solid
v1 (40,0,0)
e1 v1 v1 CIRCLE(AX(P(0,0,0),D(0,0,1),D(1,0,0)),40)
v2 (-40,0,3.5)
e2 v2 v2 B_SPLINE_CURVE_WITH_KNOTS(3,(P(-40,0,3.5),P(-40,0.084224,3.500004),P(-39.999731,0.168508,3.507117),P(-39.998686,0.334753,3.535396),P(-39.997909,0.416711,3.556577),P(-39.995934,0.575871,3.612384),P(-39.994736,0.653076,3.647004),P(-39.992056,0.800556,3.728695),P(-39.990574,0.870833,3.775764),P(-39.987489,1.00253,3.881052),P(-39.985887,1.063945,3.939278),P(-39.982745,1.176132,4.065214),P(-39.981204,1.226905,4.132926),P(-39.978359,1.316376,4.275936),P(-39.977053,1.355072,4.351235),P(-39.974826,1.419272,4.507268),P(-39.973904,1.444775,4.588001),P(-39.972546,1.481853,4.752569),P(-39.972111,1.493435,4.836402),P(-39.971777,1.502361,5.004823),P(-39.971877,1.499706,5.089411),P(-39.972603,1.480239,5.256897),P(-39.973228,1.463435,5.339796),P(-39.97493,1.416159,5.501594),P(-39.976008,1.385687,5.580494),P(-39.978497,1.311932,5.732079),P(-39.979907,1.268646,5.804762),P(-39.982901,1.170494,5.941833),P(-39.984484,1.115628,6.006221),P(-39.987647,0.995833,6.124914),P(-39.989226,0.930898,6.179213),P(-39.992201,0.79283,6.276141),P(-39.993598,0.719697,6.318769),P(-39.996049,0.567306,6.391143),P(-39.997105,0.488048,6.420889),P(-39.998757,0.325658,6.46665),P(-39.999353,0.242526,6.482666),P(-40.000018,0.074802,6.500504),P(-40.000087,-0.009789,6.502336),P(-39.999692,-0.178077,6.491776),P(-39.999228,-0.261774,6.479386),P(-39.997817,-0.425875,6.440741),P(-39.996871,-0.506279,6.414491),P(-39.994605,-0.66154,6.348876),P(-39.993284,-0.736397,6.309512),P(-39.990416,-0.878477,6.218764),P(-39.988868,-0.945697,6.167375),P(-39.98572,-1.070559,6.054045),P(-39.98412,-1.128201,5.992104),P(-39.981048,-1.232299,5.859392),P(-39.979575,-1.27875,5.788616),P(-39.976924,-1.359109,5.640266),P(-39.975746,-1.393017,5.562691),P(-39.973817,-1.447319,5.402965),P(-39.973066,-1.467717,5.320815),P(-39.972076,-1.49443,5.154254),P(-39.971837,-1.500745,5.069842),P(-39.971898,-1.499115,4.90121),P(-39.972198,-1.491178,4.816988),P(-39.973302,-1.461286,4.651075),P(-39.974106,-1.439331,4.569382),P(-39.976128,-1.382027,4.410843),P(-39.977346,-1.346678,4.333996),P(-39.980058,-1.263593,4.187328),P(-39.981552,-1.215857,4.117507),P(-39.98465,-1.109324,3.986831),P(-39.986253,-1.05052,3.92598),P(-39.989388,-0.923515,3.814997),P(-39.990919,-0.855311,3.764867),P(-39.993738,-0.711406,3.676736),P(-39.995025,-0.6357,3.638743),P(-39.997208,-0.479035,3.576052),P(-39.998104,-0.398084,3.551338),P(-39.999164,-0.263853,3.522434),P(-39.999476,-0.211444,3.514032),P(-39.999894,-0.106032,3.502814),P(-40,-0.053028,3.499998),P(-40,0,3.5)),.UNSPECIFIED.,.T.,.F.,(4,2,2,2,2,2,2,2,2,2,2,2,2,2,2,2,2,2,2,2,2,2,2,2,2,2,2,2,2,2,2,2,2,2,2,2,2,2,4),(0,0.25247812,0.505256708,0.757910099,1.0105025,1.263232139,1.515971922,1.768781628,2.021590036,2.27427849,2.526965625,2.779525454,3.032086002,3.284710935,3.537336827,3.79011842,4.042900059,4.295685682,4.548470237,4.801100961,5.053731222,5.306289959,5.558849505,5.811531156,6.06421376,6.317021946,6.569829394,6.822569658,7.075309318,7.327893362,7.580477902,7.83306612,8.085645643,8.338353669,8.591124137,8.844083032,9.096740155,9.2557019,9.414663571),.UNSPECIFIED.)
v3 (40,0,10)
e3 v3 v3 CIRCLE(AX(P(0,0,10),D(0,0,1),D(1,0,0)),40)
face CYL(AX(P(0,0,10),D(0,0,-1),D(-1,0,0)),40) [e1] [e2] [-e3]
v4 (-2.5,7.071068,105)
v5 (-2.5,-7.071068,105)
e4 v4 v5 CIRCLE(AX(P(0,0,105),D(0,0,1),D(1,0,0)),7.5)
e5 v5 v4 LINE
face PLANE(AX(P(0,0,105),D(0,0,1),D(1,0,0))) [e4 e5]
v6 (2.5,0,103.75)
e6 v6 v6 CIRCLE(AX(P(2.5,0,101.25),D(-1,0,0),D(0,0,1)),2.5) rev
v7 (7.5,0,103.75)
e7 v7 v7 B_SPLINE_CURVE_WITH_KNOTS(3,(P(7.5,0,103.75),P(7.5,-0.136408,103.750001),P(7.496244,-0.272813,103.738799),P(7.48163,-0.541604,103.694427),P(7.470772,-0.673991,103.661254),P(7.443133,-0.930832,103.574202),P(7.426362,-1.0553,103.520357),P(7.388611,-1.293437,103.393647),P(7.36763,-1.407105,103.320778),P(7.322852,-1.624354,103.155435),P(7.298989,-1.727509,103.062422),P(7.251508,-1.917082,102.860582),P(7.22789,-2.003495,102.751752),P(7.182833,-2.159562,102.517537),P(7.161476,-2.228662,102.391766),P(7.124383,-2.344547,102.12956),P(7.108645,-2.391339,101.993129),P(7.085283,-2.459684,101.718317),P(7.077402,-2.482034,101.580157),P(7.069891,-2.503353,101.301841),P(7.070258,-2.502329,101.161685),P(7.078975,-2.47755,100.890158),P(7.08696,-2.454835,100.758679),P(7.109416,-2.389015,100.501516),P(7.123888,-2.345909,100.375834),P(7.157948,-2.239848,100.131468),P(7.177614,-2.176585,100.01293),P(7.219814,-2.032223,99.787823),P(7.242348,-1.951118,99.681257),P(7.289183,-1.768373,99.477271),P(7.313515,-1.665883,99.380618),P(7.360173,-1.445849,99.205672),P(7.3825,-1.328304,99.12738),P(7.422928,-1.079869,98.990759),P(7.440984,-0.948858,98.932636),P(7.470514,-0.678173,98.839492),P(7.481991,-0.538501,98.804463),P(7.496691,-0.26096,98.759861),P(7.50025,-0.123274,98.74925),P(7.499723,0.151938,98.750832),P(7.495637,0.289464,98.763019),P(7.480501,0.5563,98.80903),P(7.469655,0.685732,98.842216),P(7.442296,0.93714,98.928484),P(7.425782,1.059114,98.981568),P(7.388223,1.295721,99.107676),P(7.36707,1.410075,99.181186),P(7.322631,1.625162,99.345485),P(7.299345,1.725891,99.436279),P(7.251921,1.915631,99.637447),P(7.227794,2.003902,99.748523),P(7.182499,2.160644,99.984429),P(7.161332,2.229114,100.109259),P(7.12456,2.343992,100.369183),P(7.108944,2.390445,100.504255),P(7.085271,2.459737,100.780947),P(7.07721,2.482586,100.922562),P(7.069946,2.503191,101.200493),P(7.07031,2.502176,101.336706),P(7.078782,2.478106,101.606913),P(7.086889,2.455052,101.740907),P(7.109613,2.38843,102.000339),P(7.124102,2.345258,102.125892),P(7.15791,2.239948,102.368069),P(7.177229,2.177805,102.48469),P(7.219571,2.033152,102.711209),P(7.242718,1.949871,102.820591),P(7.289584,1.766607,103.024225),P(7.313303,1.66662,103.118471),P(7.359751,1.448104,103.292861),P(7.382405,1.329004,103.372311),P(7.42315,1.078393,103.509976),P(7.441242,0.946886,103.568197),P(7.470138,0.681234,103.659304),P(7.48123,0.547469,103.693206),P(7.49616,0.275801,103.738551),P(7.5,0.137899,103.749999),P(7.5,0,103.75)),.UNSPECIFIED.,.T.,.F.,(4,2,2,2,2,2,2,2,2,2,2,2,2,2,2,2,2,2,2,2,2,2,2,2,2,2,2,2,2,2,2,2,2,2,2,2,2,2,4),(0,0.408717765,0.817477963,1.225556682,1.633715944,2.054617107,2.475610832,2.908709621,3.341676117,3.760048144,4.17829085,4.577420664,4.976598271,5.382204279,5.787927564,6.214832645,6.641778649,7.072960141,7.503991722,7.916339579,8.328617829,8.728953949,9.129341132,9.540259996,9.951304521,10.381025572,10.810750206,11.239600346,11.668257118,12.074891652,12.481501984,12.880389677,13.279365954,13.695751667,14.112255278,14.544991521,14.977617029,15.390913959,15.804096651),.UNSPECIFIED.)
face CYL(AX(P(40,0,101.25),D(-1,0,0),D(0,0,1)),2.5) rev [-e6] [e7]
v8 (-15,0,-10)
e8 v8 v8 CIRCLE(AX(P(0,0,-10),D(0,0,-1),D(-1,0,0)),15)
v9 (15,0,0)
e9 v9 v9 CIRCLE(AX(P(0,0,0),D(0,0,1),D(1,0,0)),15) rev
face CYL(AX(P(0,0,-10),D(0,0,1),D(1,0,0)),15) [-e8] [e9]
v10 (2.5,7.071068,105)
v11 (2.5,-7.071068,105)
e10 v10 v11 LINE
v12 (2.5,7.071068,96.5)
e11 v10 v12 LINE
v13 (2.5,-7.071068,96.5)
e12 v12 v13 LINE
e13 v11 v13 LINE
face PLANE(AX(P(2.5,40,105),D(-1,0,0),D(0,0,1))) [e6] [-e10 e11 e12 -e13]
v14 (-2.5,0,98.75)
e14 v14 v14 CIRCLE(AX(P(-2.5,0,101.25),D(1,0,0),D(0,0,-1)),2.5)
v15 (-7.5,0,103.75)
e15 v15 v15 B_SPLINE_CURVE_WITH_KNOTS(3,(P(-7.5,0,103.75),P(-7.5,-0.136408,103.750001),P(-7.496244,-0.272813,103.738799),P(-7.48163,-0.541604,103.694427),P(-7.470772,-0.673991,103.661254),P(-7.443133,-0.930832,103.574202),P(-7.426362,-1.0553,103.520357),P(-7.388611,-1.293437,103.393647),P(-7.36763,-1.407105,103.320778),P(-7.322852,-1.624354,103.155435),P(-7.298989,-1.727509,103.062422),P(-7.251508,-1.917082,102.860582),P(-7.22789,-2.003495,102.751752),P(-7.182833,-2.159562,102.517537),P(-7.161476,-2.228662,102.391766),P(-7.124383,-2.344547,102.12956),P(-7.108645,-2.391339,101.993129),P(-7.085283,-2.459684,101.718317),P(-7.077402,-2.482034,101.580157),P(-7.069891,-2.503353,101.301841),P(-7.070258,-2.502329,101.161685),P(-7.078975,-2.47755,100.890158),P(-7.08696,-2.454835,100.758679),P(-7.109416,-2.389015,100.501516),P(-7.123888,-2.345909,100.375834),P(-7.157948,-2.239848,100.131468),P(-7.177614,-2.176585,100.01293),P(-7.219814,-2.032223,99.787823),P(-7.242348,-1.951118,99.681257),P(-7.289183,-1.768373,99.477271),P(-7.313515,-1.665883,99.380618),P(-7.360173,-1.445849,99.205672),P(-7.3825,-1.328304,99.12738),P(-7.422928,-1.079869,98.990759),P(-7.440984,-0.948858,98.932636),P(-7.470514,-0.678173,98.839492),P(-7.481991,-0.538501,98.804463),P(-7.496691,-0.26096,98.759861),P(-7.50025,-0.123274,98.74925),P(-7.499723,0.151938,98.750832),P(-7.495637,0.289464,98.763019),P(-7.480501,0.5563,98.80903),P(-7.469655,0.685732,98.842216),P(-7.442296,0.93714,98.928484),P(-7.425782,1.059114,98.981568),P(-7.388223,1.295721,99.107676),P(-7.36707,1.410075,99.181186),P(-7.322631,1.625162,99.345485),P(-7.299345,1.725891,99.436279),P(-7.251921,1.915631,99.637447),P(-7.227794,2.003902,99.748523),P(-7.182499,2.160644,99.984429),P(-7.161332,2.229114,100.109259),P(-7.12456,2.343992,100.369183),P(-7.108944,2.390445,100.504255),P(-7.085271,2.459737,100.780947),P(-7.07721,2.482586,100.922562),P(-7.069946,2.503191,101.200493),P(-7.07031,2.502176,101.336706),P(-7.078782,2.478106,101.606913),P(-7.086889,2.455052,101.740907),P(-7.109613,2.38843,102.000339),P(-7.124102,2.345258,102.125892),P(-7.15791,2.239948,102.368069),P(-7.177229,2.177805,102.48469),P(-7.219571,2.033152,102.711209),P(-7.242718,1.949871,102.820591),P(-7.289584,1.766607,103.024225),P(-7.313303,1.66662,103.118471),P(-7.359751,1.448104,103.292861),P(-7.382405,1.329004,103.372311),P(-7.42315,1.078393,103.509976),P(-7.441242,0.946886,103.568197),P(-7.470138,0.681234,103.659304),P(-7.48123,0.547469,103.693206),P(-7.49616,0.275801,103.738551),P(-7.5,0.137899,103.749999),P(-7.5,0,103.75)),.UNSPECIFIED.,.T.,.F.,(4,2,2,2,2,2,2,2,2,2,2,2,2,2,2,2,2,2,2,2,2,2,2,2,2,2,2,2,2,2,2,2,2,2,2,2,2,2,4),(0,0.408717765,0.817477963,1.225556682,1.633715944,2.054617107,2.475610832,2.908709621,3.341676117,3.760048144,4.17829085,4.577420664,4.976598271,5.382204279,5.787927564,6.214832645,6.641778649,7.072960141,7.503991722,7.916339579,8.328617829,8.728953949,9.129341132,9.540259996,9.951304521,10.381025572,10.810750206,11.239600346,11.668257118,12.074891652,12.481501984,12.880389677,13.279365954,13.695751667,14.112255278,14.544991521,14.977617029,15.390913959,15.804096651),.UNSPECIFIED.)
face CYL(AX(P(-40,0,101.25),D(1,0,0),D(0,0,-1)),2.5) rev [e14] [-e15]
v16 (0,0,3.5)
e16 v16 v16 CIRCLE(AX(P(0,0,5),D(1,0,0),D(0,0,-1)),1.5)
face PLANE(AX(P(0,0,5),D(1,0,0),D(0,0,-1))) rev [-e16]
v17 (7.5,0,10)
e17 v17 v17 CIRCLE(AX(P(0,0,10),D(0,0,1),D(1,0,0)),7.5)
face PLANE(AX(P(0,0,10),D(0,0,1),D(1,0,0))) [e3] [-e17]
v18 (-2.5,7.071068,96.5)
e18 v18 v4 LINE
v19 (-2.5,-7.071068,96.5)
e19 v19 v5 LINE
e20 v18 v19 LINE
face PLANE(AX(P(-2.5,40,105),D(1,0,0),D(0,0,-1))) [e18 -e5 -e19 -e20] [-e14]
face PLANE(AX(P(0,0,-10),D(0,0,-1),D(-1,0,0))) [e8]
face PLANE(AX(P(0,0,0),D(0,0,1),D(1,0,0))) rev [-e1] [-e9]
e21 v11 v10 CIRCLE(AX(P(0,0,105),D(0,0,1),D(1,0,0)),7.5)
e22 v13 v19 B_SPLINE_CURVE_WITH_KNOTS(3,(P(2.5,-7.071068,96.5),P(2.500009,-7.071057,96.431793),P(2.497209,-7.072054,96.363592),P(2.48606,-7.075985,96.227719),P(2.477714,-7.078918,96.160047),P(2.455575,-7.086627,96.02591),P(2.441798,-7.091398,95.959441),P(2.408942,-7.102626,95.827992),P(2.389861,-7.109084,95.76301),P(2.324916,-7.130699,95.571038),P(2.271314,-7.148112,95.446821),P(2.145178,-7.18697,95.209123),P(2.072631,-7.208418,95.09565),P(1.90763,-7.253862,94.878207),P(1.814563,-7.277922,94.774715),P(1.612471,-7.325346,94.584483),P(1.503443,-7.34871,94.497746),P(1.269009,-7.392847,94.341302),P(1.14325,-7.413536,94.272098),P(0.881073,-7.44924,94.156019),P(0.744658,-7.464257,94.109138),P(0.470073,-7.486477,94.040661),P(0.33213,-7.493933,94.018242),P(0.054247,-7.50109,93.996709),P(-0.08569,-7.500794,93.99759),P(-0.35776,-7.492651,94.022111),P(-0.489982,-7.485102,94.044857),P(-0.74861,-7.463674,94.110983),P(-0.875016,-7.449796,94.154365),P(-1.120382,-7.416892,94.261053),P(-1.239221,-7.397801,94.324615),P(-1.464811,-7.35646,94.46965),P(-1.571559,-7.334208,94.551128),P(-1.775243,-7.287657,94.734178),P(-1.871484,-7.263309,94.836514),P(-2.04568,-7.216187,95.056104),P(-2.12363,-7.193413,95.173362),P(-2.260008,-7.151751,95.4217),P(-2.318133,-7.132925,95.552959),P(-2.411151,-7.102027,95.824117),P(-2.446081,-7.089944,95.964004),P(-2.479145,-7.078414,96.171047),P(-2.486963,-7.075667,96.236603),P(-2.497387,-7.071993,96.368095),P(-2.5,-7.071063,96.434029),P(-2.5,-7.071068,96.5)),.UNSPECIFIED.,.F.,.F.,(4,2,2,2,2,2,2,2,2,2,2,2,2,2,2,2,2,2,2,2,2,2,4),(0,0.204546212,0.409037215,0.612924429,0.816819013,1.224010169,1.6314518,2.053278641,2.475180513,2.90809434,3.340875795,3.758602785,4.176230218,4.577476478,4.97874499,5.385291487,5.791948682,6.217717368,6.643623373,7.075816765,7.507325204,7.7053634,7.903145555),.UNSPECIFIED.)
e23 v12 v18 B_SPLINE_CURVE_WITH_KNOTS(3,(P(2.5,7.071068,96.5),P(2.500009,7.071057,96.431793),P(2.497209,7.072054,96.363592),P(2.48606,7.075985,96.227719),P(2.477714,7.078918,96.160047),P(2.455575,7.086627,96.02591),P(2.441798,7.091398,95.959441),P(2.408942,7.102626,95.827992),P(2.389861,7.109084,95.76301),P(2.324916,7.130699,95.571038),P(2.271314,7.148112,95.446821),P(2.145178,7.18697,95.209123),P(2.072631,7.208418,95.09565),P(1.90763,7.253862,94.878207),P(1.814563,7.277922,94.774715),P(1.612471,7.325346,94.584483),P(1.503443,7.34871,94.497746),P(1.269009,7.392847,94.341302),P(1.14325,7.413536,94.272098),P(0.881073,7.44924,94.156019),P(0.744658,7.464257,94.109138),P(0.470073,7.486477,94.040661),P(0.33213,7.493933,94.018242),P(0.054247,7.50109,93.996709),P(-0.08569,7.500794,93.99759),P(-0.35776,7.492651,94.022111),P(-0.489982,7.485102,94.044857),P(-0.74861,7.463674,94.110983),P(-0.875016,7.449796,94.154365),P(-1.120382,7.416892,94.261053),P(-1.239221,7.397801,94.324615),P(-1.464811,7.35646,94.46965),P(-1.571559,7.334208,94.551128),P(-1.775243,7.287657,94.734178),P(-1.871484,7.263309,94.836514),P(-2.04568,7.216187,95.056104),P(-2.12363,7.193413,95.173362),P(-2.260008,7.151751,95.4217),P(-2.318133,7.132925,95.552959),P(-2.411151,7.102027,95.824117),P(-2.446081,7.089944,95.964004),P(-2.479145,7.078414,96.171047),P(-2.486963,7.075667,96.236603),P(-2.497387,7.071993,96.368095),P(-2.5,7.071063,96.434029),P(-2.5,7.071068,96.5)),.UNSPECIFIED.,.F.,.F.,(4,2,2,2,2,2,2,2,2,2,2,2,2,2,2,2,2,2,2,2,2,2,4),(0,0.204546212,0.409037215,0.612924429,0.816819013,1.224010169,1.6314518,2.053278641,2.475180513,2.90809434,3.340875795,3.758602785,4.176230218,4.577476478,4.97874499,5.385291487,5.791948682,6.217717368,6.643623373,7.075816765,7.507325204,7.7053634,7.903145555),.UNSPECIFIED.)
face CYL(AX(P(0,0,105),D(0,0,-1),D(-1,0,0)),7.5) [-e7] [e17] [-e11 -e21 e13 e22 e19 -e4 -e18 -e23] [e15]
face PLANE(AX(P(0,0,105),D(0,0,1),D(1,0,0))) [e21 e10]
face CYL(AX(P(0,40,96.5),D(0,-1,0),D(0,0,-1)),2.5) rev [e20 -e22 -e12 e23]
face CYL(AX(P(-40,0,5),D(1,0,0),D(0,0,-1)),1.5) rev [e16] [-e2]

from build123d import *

# Parameters (mm, degrees)
SKETCH1_R           = 40
BOSS_EXTRUDE1_DEPTH = 10
SKETCH12_R          = 15
BOSS_EXTRUDE3_DEPTH = 10
SKETCH13_R          = 7.5
BOSS_EXTRUDE4_DEPTH = 95
CUT_EXTRUDE1_DEPTH  = 120.268604419
SKETCH17_R          = 2.5
CUT_EXTRUDE3_DEPTH  = 120.268604507
SKETCH18_R          = 1.5
CUT_EXTRUDE4_DEPTH  = 120.268604507


with BuildPart() as part:
    # Sketch1 → Boss-Extrude1 (new body)
    with BuildSketch(Plane.XY):
        Circle(SKETCH1_R)
    extrude(amount=BOSS_EXTRUDE1_DEPTH)

    # Sketch12 → Boss-Extrude3 (add)
    with BuildSketch(Plane(origin=(0, 0, 0), x_dir=(-1, 0, 0), z_dir=(0, 0, -1))):
        with Locations(Location((0, 0, 0), (0, 0, 180))):
            Circle(SKETCH12_R)
    extrude(amount=BOSS_EXTRUDE3_DEPTH)

    # Sketch13 → Boss-Extrude4 (add)
    with BuildSketch(Plane.XY.offset(10)):
        Circle(SKETCH13_R)
    extrude(amount=BOSS_EXTRUDE4_DEPTH)

    # Sketch14 → Cut-Extrude1 (cut, through all)
    with BuildSketch(Plane(origin=(0, 0, 0), x_dir=(1, 0, 0), z_dir=(0, 1, 0))):
        with BuildLine():
            Line((-2.5, -105), (2.5, -105))
            Line((2.5, -105), (2.5, -96.5))
            ThreePointArc((2.5, -96.5), (0, -94), (-2.5, -96.5))
            Line((-2.5, -96.5), (-2.5, -105))
        make_face()
    cut_extrude1 = extrude(amount=CUT_EXTRUDE1_DEPTH, mode=Mode.SUBTRACT)

    # Mirror4: Cut-Extrude1 across plane
    add(cut_extrude1.mirror(Plane.ZX), mode=Mode.SUBTRACT)

    # Sketch17 → Cut-Extrude3 (cut, through all)
    with BuildSketch(Plane(origin=(0, 0, 0), x_dir=(0, 0, -1), z_dir=(1, 0, 0))):
        with Locations((-101.25, 0)):
            Circle(SKETCH17_R)
    cut_extrude3 = extrude(amount=-CUT_EXTRUDE3_DEPTH, mode=Mode.SUBTRACT)

    # Mirror6: Cut-Extrude3 across plane
    add(cut_extrude3.mirror(Plane(origin=(0, 0, 0), x_dir=(0, 0, 1), z_dir=(1, 0, 0))), mode=Mode.SUBTRACT)

    # Sketch18 → Cut-Extrude4 (cut, through all)
    with BuildSketch(Plane(origin=(0, 0, 0), x_dir=(0, 0, -1), z_dir=(1, 0, 0))):
        with Locations((-5, 0)):
            Circle(SKETCH18_R)
    extrude(amount=-CUT_EXTRUDE4_DEPTH, mode=Mode.SUBTRACT)


solid = part.part
